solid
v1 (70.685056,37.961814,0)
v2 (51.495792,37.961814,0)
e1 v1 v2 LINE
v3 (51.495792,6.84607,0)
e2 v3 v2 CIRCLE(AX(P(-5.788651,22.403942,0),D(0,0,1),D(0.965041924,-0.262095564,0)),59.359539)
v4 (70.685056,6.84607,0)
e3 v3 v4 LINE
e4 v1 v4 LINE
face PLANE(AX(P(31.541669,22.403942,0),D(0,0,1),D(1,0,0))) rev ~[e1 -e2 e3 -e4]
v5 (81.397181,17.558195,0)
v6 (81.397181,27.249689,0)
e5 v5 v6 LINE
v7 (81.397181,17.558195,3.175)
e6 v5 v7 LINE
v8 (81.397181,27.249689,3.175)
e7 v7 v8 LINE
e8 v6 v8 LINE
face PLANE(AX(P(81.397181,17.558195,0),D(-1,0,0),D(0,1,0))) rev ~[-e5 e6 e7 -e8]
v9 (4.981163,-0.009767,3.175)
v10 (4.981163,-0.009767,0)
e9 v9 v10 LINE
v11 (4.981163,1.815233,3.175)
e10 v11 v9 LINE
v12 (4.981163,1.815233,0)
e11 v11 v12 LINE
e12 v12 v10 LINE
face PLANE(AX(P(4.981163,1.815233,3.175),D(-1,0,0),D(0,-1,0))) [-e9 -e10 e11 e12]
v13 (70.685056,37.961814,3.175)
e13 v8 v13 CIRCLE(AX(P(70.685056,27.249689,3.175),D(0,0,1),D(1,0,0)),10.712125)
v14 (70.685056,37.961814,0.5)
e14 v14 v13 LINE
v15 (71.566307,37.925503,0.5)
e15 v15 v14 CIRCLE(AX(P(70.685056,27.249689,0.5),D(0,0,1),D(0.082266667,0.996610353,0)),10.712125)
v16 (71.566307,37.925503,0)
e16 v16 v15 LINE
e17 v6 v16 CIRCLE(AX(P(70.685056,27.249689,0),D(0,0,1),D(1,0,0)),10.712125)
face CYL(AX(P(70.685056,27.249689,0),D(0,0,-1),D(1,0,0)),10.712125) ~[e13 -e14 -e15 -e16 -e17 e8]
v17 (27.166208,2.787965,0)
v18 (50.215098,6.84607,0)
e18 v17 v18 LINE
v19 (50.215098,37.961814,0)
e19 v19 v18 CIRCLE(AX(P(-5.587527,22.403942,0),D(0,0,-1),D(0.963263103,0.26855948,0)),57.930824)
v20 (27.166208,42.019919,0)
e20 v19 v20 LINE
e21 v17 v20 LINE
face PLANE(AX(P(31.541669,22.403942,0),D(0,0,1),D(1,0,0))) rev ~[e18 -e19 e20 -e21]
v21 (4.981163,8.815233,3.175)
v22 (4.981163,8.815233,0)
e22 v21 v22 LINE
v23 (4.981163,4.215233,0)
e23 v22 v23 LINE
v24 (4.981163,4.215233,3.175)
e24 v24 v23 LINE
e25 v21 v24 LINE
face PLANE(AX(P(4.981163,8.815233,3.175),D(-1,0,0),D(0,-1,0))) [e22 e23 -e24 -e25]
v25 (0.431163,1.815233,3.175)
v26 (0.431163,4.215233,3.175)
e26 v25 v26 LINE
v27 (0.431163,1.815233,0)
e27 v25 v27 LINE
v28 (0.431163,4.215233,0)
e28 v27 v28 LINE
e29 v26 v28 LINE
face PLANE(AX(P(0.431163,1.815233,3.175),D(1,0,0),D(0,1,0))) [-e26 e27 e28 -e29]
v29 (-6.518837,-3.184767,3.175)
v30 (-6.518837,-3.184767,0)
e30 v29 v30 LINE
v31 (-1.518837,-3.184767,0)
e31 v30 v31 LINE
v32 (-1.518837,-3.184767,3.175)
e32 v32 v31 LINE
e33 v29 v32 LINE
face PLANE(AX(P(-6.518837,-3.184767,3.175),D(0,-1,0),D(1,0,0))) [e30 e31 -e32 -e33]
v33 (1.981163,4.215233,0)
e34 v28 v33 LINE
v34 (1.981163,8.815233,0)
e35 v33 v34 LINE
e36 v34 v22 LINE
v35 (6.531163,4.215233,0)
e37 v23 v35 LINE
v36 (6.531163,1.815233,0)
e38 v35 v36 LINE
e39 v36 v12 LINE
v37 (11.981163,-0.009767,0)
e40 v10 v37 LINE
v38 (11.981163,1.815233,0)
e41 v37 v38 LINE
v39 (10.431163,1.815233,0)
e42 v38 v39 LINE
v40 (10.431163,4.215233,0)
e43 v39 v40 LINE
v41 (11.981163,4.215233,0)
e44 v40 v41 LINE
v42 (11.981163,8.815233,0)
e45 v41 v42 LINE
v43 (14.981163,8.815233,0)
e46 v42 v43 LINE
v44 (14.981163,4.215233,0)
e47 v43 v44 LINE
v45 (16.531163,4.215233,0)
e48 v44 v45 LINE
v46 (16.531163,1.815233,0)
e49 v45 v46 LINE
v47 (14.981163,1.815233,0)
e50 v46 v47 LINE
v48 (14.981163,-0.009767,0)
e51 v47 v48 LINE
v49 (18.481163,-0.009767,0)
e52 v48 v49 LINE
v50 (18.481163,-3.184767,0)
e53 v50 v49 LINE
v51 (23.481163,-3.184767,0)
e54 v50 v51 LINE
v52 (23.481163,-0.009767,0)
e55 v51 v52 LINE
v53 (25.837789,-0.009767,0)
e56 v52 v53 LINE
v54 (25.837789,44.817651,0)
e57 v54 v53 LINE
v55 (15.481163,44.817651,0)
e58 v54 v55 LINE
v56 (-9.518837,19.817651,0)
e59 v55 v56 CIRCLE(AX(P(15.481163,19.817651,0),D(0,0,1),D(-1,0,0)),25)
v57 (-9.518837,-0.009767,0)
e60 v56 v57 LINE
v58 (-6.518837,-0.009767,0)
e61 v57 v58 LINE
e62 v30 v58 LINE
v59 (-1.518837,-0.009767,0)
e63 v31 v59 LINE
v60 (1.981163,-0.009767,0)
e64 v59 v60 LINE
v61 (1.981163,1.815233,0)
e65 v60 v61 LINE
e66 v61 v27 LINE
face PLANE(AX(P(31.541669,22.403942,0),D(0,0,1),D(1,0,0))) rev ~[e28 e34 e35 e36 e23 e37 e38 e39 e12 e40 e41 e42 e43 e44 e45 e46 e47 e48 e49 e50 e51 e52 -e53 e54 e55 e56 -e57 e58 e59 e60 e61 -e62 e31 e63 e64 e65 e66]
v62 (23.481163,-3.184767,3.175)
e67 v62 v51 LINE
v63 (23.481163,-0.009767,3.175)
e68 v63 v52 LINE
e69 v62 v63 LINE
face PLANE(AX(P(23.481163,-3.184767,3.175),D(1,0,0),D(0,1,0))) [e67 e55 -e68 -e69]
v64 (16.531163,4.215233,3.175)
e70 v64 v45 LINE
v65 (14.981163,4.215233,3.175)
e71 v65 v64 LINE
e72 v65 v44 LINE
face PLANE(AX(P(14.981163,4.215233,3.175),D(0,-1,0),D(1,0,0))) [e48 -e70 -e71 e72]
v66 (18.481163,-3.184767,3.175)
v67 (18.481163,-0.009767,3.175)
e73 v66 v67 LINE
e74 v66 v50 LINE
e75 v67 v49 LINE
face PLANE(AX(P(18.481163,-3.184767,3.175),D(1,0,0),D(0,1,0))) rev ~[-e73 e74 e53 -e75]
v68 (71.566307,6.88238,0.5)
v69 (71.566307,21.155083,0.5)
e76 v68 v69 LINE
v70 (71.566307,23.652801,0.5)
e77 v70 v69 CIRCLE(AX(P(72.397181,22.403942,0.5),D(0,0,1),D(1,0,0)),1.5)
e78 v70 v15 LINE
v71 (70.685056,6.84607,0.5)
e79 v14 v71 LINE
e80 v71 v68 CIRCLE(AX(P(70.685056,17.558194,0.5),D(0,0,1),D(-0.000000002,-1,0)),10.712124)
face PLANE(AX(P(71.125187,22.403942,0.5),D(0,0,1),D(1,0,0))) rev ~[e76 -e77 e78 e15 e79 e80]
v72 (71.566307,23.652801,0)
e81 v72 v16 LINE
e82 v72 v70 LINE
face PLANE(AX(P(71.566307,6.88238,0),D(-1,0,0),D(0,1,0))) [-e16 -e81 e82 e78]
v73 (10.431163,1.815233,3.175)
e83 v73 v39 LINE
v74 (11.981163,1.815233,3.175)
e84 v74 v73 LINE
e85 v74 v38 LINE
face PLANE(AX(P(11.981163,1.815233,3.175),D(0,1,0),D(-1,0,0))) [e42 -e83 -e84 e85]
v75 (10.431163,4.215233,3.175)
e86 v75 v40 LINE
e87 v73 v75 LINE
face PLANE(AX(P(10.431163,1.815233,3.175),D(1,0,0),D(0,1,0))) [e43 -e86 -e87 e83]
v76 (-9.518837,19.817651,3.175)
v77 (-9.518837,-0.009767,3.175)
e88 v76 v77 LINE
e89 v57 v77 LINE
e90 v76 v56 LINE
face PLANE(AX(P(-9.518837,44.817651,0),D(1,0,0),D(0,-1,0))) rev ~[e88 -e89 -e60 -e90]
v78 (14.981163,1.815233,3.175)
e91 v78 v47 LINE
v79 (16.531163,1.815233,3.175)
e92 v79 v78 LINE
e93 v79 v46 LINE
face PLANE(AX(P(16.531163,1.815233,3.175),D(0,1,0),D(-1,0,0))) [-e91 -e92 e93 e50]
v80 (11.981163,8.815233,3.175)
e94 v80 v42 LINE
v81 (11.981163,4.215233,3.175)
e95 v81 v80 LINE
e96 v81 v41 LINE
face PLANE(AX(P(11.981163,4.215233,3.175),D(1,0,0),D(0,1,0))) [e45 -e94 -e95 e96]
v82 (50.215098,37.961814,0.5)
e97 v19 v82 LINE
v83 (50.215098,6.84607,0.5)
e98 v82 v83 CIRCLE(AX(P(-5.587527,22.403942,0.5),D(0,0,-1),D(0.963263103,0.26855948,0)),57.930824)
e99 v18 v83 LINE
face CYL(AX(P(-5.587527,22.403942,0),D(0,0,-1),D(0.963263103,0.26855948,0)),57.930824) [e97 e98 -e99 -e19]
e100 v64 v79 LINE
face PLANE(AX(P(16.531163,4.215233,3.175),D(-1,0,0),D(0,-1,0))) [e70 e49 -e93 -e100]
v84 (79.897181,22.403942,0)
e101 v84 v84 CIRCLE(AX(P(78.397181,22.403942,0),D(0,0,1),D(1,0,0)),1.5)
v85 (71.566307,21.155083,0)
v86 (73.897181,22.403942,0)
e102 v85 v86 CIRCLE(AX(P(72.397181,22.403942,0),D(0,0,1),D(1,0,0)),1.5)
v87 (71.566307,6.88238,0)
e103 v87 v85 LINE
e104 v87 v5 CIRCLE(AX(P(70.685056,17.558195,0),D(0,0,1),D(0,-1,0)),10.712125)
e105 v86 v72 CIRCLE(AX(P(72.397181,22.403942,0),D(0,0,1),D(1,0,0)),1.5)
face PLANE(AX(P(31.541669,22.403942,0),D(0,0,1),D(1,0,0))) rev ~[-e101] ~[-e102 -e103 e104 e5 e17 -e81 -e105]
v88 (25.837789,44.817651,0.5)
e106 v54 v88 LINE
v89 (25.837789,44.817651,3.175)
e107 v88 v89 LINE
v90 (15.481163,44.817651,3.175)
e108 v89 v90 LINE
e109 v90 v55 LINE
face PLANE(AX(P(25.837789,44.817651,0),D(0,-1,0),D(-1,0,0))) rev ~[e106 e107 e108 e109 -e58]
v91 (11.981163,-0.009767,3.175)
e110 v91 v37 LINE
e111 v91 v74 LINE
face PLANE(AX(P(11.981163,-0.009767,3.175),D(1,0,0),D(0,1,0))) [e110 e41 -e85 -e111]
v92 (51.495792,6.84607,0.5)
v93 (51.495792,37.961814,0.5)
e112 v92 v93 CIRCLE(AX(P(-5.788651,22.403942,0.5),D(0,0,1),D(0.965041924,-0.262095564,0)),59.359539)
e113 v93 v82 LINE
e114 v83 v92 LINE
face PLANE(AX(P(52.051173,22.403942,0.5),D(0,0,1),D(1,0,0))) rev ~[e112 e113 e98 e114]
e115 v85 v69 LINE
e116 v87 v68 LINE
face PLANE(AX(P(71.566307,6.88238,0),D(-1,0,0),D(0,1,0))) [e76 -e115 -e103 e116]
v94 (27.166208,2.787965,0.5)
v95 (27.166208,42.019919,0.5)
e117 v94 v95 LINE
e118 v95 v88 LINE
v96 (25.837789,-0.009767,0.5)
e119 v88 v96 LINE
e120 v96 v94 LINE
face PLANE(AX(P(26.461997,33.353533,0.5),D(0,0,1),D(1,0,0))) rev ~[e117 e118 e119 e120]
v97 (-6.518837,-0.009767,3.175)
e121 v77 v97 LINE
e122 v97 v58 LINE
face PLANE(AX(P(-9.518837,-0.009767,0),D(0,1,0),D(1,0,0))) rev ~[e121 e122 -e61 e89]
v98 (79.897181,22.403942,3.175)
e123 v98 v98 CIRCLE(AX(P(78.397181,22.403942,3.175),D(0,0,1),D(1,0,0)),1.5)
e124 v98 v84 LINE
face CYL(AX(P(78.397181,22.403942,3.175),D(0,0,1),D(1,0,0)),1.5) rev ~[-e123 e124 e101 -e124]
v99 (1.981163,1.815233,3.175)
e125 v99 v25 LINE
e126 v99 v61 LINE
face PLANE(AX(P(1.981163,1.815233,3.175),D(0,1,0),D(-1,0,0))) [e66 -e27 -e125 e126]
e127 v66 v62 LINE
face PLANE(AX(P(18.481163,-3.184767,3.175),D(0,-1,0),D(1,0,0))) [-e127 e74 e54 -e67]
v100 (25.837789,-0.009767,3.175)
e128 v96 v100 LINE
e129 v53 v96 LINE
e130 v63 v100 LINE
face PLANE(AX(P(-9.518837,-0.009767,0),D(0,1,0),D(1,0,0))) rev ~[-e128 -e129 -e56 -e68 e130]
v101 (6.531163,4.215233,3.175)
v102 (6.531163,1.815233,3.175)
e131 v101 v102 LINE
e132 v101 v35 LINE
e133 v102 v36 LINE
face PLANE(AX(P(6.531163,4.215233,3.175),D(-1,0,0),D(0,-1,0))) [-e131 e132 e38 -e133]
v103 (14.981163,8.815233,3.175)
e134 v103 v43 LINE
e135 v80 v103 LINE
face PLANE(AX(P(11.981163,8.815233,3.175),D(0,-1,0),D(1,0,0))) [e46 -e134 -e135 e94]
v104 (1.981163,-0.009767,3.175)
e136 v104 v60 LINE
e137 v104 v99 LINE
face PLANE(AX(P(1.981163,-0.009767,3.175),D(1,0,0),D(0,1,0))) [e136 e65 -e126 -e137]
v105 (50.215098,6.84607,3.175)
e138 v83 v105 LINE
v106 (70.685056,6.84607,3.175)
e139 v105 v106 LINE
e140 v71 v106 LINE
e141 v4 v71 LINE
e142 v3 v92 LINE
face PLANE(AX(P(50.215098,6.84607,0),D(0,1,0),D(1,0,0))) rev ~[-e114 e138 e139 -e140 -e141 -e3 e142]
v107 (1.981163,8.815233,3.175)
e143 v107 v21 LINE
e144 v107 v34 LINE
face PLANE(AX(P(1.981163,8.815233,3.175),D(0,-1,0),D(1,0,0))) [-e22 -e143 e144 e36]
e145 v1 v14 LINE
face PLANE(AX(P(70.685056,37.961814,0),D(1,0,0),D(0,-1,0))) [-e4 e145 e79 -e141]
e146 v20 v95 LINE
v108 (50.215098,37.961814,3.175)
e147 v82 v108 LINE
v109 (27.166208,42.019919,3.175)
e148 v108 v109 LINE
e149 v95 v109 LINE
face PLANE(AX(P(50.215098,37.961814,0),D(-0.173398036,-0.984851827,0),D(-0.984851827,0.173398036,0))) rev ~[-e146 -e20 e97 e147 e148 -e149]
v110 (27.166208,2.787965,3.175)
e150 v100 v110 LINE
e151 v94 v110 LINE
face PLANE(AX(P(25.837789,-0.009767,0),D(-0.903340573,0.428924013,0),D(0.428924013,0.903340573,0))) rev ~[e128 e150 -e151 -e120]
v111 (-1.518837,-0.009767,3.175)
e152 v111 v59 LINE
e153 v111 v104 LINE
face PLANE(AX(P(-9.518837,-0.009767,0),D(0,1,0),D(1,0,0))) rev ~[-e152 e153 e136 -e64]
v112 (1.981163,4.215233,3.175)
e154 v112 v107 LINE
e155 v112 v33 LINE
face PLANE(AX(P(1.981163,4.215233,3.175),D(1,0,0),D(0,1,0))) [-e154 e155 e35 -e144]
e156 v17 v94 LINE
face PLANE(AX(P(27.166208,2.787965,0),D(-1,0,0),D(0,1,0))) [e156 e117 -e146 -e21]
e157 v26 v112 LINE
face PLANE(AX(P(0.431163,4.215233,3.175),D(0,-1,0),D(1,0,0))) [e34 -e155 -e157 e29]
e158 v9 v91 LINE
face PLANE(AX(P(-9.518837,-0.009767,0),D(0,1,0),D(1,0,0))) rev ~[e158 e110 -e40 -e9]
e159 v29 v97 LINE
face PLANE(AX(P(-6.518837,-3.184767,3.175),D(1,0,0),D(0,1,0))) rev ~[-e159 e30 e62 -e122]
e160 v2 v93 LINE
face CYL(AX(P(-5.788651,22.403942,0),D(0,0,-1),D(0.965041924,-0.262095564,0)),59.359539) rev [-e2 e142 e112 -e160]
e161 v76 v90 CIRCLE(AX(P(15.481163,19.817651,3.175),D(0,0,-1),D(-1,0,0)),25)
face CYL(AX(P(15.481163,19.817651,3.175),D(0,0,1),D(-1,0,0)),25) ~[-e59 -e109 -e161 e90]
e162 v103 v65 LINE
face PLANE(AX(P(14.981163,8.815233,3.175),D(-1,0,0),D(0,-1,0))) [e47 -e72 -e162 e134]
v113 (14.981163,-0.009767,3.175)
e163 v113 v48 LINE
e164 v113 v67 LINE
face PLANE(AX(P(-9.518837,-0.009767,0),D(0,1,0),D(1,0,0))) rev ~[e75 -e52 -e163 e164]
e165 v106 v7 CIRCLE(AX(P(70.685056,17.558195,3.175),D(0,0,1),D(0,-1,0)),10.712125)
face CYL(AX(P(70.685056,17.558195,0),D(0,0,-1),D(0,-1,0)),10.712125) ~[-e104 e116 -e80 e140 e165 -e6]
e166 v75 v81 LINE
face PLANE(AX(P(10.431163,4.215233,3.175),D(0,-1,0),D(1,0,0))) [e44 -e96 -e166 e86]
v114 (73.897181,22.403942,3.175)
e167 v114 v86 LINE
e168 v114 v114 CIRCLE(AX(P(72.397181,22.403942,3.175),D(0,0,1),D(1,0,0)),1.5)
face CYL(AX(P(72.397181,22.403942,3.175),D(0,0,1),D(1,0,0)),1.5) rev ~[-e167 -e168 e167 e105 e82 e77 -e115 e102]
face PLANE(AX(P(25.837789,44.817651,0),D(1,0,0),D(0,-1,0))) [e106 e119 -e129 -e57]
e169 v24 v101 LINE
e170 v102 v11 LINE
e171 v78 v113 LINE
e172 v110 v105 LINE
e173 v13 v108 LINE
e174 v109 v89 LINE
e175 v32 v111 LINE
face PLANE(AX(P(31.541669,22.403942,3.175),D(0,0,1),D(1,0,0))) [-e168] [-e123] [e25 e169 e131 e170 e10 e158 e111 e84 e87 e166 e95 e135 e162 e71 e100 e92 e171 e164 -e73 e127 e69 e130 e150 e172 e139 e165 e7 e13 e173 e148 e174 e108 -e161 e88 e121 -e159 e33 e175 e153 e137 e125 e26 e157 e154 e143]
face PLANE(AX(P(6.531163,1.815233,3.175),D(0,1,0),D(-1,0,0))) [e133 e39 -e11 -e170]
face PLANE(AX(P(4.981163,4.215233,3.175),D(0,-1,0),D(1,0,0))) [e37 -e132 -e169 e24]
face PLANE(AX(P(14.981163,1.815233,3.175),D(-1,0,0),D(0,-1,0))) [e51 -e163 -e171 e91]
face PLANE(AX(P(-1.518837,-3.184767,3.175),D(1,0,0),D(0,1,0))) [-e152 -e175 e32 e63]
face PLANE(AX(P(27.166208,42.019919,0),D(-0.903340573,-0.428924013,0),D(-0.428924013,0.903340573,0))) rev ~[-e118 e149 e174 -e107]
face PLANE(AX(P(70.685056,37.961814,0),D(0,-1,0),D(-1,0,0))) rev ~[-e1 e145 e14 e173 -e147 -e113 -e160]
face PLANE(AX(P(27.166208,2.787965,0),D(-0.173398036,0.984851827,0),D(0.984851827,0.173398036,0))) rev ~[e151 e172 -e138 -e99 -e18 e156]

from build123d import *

# Parameters (mm, degrees)
BOSS_EXTRUDE1_DEPTH = 3.175
SKETCH2_W           = 5
SKETCH2_H           = 3.175
BOSS_EXTRUDE2_DEPTH = 3.175
CUT_EXTRUDE1_DEPTH  = 93.974208943
CUT_EXTRUDE4_DEPTH  = 0.5
CUT_EXTRUDE5_DEPTH  = 93.974208943
SKETCH6_R           = 1.5
CUT_EXTRUDE6_DEPTH  = 93.974208943


with BuildPart() as part:
    # Sketch1 → Boss-Extrude1 (new body)
    with BuildSketch(Plane.XY):
        with BuildLine():
            Line((70.685056323, 37.961813727), (50.215098345, 37.961813727))
            Line((50.215098345, 37.961813727), (27.166207813, 42.019918966))
            Line((27.166207813, 42.019918966), (25.837789145, 44.817651071))
            Line((25.837789145, 44.817651071), (-9.51883745, 44.817651071))
            Line((-9.51883745, 44.817651071), (-9.51883745, -0.009767361))
            Line((-9.51883745, -0.009767361), (25.837789145, -0.009767361))
            Line((25.837789145, -0.009767361), (27.166207813, 2.787964744))
            Line((27.166207813, 2.787964744), (50.215098345, 6.846069984))
            Line((50.215098345, 6.846069984), (70.685056323, 6.846069984))
            ThreePointArc((70.685056323, 6.846069984), (78.259672242, 9.983578627), (81.397180885, 17.558194546))
            Line((81.397180885, 17.558194546), (81.397180885, 22.403941855))
            Line((81.397180885, 22.403941855), (81.397180885, 27.249689164))
            ThreePointArc((81.397180885, 27.249689164), (78.259672242, 34.824305083), (70.685056323, 37.961813727))
        make_face()
    extrude(amount=BOSS_EXTRUDE1_DEPTH)

    # Sketch2 → Boss-Extrude2 (add)
    with BuildSketch(Plane.XY.offset(3.175)):
        with Locations((-4.01883745, -1.597267361)):
            Rectangle(SKETCH2_W, SKETCH2_H)
        with Locations((20.98116255, -1.597267361)):
            Rectangle(SKETCH2_W, SKETCH2_H)
    extrude(amount=-BOSS_EXTRUDE2_DEPTH)

    # Sketch3 → Cut-Extrude1 (cut, through all)
    with BuildSketch(Plane.XY.offset(3.175)):
        Polygon((4.98116255, -0.009767361), (1.98116255, -0.009767361), (1.98116255, 1.815232639), (0.43116255, 1.815232639), (0.43116255, 4.215232639), (1.98116255, 4.215232639), (1.98116255, 8.815232639), (4.98116255, 8.815232639), (4.98116255, 4.215232639), (6.53116255, 4.215232639), (6.53116255, 1.815232639), (4.98116255, 1.815232639), align=None)
        Polygon((11.98116255, -0.009767361), (11.98116255, 1.815232639), (10.43116255, 1.815232639), (10.43116255, 4.215232639), (11.98116255, 4.215232639), (11.98116255, 8.815232639), (14.98116255, 8.815232639), (14.98116255, 4.215232639), (16.53116255, 4.215232639), (16.53116255, 1.815232639), (14.98116255, 1.815232639), (14.98116255, -0.009767361), align=None)
    extrude(amount=-CUT_EXTRUDE1_DEPTH, mode=Mode.SUBTRACT)

    # Sketch4 → Cut-Extrude4 (cut)
    with BuildSketch(Plane.XY):
        Polygon((25.837789145, 22.403941855), (27.166207813, 22.403941855), (27.166207813, 42.019918966), (25.837789145, 44.817651071), align=None)
        Polygon((27.166207813, 2.787964744), (27.166207813, 22.403941855), (25.837789145, 22.403941855), (25.837789145, -0.009767361), align=None)
        with BuildLine():
            Line((50.215098345, 6.846069984), (51.495792338, 6.846069984))
            ThreePointArc((51.495792338, 6.846069984), (53.570887609, 22.403941855), (51.495792338, 37.961813727))
            Line((51.495792338, 37.961813727), (50.215098345, 37.961813727))
            ThreePointArc((50.215098345, 37.961813727), (52.343297045, 22.403941855), (50.215098345, 6.846069984))
        make_face()
        with BuildLine():
            Line((70.685056323, 37.961813727), (70.685056323, 6.846069984))
            ThreePointArc((70.685056323, 6.846069984), (71.126055593, 6.855151414), (71.56630713, 6.882380308))
            Line((71.56630713, 6.882380308), (71.56630713, 37.925503403))
            ThreePointArc((71.56630713, 37.925503403), (71.126055593, 37.952732296), (70.685056323, 37.961813727))
        make_face()
    extrude(amount=CUT_EXTRUDE4_DEPTH, mode=Mode.SUBTRACT)

    # Sketch5 → Cut-Extrude5 (cut, through all)
    with BuildSketch(Plane.XY.offset(3.175)):
        with BuildLine():
            Line((15.48116255, 44.817651071), (-9.51883745, 44.817651071))
            Line((-9.51883745, 44.817651071), (-9.51883745, 19.817651071))
            ThreePointArc((-9.51883745, 19.817651071), (-2.196506979, 37.495320601), (15.48116255, 44.817651071))
        make_face()
    extrude(amount=-CUT_EXTRUDE5_DEPTH, mode=Mode.SUBTRACT)

    # Sketch6 → Cut-Extrude6 (cut, through all)
    with BuildSketch(Plane.XY.offset(3.175)):
        with Locations((78.397180885, 22.403941855)):
            Circle(SKETCH6_R)
        with Locations((72.397180885, 22.403941855)):
            Circle(SKETCH6_R)
    extrude(amount=-CUT_EXTRUDE6_DEPTH, mode=Mode.SUBTRACT)


solid = part.part
